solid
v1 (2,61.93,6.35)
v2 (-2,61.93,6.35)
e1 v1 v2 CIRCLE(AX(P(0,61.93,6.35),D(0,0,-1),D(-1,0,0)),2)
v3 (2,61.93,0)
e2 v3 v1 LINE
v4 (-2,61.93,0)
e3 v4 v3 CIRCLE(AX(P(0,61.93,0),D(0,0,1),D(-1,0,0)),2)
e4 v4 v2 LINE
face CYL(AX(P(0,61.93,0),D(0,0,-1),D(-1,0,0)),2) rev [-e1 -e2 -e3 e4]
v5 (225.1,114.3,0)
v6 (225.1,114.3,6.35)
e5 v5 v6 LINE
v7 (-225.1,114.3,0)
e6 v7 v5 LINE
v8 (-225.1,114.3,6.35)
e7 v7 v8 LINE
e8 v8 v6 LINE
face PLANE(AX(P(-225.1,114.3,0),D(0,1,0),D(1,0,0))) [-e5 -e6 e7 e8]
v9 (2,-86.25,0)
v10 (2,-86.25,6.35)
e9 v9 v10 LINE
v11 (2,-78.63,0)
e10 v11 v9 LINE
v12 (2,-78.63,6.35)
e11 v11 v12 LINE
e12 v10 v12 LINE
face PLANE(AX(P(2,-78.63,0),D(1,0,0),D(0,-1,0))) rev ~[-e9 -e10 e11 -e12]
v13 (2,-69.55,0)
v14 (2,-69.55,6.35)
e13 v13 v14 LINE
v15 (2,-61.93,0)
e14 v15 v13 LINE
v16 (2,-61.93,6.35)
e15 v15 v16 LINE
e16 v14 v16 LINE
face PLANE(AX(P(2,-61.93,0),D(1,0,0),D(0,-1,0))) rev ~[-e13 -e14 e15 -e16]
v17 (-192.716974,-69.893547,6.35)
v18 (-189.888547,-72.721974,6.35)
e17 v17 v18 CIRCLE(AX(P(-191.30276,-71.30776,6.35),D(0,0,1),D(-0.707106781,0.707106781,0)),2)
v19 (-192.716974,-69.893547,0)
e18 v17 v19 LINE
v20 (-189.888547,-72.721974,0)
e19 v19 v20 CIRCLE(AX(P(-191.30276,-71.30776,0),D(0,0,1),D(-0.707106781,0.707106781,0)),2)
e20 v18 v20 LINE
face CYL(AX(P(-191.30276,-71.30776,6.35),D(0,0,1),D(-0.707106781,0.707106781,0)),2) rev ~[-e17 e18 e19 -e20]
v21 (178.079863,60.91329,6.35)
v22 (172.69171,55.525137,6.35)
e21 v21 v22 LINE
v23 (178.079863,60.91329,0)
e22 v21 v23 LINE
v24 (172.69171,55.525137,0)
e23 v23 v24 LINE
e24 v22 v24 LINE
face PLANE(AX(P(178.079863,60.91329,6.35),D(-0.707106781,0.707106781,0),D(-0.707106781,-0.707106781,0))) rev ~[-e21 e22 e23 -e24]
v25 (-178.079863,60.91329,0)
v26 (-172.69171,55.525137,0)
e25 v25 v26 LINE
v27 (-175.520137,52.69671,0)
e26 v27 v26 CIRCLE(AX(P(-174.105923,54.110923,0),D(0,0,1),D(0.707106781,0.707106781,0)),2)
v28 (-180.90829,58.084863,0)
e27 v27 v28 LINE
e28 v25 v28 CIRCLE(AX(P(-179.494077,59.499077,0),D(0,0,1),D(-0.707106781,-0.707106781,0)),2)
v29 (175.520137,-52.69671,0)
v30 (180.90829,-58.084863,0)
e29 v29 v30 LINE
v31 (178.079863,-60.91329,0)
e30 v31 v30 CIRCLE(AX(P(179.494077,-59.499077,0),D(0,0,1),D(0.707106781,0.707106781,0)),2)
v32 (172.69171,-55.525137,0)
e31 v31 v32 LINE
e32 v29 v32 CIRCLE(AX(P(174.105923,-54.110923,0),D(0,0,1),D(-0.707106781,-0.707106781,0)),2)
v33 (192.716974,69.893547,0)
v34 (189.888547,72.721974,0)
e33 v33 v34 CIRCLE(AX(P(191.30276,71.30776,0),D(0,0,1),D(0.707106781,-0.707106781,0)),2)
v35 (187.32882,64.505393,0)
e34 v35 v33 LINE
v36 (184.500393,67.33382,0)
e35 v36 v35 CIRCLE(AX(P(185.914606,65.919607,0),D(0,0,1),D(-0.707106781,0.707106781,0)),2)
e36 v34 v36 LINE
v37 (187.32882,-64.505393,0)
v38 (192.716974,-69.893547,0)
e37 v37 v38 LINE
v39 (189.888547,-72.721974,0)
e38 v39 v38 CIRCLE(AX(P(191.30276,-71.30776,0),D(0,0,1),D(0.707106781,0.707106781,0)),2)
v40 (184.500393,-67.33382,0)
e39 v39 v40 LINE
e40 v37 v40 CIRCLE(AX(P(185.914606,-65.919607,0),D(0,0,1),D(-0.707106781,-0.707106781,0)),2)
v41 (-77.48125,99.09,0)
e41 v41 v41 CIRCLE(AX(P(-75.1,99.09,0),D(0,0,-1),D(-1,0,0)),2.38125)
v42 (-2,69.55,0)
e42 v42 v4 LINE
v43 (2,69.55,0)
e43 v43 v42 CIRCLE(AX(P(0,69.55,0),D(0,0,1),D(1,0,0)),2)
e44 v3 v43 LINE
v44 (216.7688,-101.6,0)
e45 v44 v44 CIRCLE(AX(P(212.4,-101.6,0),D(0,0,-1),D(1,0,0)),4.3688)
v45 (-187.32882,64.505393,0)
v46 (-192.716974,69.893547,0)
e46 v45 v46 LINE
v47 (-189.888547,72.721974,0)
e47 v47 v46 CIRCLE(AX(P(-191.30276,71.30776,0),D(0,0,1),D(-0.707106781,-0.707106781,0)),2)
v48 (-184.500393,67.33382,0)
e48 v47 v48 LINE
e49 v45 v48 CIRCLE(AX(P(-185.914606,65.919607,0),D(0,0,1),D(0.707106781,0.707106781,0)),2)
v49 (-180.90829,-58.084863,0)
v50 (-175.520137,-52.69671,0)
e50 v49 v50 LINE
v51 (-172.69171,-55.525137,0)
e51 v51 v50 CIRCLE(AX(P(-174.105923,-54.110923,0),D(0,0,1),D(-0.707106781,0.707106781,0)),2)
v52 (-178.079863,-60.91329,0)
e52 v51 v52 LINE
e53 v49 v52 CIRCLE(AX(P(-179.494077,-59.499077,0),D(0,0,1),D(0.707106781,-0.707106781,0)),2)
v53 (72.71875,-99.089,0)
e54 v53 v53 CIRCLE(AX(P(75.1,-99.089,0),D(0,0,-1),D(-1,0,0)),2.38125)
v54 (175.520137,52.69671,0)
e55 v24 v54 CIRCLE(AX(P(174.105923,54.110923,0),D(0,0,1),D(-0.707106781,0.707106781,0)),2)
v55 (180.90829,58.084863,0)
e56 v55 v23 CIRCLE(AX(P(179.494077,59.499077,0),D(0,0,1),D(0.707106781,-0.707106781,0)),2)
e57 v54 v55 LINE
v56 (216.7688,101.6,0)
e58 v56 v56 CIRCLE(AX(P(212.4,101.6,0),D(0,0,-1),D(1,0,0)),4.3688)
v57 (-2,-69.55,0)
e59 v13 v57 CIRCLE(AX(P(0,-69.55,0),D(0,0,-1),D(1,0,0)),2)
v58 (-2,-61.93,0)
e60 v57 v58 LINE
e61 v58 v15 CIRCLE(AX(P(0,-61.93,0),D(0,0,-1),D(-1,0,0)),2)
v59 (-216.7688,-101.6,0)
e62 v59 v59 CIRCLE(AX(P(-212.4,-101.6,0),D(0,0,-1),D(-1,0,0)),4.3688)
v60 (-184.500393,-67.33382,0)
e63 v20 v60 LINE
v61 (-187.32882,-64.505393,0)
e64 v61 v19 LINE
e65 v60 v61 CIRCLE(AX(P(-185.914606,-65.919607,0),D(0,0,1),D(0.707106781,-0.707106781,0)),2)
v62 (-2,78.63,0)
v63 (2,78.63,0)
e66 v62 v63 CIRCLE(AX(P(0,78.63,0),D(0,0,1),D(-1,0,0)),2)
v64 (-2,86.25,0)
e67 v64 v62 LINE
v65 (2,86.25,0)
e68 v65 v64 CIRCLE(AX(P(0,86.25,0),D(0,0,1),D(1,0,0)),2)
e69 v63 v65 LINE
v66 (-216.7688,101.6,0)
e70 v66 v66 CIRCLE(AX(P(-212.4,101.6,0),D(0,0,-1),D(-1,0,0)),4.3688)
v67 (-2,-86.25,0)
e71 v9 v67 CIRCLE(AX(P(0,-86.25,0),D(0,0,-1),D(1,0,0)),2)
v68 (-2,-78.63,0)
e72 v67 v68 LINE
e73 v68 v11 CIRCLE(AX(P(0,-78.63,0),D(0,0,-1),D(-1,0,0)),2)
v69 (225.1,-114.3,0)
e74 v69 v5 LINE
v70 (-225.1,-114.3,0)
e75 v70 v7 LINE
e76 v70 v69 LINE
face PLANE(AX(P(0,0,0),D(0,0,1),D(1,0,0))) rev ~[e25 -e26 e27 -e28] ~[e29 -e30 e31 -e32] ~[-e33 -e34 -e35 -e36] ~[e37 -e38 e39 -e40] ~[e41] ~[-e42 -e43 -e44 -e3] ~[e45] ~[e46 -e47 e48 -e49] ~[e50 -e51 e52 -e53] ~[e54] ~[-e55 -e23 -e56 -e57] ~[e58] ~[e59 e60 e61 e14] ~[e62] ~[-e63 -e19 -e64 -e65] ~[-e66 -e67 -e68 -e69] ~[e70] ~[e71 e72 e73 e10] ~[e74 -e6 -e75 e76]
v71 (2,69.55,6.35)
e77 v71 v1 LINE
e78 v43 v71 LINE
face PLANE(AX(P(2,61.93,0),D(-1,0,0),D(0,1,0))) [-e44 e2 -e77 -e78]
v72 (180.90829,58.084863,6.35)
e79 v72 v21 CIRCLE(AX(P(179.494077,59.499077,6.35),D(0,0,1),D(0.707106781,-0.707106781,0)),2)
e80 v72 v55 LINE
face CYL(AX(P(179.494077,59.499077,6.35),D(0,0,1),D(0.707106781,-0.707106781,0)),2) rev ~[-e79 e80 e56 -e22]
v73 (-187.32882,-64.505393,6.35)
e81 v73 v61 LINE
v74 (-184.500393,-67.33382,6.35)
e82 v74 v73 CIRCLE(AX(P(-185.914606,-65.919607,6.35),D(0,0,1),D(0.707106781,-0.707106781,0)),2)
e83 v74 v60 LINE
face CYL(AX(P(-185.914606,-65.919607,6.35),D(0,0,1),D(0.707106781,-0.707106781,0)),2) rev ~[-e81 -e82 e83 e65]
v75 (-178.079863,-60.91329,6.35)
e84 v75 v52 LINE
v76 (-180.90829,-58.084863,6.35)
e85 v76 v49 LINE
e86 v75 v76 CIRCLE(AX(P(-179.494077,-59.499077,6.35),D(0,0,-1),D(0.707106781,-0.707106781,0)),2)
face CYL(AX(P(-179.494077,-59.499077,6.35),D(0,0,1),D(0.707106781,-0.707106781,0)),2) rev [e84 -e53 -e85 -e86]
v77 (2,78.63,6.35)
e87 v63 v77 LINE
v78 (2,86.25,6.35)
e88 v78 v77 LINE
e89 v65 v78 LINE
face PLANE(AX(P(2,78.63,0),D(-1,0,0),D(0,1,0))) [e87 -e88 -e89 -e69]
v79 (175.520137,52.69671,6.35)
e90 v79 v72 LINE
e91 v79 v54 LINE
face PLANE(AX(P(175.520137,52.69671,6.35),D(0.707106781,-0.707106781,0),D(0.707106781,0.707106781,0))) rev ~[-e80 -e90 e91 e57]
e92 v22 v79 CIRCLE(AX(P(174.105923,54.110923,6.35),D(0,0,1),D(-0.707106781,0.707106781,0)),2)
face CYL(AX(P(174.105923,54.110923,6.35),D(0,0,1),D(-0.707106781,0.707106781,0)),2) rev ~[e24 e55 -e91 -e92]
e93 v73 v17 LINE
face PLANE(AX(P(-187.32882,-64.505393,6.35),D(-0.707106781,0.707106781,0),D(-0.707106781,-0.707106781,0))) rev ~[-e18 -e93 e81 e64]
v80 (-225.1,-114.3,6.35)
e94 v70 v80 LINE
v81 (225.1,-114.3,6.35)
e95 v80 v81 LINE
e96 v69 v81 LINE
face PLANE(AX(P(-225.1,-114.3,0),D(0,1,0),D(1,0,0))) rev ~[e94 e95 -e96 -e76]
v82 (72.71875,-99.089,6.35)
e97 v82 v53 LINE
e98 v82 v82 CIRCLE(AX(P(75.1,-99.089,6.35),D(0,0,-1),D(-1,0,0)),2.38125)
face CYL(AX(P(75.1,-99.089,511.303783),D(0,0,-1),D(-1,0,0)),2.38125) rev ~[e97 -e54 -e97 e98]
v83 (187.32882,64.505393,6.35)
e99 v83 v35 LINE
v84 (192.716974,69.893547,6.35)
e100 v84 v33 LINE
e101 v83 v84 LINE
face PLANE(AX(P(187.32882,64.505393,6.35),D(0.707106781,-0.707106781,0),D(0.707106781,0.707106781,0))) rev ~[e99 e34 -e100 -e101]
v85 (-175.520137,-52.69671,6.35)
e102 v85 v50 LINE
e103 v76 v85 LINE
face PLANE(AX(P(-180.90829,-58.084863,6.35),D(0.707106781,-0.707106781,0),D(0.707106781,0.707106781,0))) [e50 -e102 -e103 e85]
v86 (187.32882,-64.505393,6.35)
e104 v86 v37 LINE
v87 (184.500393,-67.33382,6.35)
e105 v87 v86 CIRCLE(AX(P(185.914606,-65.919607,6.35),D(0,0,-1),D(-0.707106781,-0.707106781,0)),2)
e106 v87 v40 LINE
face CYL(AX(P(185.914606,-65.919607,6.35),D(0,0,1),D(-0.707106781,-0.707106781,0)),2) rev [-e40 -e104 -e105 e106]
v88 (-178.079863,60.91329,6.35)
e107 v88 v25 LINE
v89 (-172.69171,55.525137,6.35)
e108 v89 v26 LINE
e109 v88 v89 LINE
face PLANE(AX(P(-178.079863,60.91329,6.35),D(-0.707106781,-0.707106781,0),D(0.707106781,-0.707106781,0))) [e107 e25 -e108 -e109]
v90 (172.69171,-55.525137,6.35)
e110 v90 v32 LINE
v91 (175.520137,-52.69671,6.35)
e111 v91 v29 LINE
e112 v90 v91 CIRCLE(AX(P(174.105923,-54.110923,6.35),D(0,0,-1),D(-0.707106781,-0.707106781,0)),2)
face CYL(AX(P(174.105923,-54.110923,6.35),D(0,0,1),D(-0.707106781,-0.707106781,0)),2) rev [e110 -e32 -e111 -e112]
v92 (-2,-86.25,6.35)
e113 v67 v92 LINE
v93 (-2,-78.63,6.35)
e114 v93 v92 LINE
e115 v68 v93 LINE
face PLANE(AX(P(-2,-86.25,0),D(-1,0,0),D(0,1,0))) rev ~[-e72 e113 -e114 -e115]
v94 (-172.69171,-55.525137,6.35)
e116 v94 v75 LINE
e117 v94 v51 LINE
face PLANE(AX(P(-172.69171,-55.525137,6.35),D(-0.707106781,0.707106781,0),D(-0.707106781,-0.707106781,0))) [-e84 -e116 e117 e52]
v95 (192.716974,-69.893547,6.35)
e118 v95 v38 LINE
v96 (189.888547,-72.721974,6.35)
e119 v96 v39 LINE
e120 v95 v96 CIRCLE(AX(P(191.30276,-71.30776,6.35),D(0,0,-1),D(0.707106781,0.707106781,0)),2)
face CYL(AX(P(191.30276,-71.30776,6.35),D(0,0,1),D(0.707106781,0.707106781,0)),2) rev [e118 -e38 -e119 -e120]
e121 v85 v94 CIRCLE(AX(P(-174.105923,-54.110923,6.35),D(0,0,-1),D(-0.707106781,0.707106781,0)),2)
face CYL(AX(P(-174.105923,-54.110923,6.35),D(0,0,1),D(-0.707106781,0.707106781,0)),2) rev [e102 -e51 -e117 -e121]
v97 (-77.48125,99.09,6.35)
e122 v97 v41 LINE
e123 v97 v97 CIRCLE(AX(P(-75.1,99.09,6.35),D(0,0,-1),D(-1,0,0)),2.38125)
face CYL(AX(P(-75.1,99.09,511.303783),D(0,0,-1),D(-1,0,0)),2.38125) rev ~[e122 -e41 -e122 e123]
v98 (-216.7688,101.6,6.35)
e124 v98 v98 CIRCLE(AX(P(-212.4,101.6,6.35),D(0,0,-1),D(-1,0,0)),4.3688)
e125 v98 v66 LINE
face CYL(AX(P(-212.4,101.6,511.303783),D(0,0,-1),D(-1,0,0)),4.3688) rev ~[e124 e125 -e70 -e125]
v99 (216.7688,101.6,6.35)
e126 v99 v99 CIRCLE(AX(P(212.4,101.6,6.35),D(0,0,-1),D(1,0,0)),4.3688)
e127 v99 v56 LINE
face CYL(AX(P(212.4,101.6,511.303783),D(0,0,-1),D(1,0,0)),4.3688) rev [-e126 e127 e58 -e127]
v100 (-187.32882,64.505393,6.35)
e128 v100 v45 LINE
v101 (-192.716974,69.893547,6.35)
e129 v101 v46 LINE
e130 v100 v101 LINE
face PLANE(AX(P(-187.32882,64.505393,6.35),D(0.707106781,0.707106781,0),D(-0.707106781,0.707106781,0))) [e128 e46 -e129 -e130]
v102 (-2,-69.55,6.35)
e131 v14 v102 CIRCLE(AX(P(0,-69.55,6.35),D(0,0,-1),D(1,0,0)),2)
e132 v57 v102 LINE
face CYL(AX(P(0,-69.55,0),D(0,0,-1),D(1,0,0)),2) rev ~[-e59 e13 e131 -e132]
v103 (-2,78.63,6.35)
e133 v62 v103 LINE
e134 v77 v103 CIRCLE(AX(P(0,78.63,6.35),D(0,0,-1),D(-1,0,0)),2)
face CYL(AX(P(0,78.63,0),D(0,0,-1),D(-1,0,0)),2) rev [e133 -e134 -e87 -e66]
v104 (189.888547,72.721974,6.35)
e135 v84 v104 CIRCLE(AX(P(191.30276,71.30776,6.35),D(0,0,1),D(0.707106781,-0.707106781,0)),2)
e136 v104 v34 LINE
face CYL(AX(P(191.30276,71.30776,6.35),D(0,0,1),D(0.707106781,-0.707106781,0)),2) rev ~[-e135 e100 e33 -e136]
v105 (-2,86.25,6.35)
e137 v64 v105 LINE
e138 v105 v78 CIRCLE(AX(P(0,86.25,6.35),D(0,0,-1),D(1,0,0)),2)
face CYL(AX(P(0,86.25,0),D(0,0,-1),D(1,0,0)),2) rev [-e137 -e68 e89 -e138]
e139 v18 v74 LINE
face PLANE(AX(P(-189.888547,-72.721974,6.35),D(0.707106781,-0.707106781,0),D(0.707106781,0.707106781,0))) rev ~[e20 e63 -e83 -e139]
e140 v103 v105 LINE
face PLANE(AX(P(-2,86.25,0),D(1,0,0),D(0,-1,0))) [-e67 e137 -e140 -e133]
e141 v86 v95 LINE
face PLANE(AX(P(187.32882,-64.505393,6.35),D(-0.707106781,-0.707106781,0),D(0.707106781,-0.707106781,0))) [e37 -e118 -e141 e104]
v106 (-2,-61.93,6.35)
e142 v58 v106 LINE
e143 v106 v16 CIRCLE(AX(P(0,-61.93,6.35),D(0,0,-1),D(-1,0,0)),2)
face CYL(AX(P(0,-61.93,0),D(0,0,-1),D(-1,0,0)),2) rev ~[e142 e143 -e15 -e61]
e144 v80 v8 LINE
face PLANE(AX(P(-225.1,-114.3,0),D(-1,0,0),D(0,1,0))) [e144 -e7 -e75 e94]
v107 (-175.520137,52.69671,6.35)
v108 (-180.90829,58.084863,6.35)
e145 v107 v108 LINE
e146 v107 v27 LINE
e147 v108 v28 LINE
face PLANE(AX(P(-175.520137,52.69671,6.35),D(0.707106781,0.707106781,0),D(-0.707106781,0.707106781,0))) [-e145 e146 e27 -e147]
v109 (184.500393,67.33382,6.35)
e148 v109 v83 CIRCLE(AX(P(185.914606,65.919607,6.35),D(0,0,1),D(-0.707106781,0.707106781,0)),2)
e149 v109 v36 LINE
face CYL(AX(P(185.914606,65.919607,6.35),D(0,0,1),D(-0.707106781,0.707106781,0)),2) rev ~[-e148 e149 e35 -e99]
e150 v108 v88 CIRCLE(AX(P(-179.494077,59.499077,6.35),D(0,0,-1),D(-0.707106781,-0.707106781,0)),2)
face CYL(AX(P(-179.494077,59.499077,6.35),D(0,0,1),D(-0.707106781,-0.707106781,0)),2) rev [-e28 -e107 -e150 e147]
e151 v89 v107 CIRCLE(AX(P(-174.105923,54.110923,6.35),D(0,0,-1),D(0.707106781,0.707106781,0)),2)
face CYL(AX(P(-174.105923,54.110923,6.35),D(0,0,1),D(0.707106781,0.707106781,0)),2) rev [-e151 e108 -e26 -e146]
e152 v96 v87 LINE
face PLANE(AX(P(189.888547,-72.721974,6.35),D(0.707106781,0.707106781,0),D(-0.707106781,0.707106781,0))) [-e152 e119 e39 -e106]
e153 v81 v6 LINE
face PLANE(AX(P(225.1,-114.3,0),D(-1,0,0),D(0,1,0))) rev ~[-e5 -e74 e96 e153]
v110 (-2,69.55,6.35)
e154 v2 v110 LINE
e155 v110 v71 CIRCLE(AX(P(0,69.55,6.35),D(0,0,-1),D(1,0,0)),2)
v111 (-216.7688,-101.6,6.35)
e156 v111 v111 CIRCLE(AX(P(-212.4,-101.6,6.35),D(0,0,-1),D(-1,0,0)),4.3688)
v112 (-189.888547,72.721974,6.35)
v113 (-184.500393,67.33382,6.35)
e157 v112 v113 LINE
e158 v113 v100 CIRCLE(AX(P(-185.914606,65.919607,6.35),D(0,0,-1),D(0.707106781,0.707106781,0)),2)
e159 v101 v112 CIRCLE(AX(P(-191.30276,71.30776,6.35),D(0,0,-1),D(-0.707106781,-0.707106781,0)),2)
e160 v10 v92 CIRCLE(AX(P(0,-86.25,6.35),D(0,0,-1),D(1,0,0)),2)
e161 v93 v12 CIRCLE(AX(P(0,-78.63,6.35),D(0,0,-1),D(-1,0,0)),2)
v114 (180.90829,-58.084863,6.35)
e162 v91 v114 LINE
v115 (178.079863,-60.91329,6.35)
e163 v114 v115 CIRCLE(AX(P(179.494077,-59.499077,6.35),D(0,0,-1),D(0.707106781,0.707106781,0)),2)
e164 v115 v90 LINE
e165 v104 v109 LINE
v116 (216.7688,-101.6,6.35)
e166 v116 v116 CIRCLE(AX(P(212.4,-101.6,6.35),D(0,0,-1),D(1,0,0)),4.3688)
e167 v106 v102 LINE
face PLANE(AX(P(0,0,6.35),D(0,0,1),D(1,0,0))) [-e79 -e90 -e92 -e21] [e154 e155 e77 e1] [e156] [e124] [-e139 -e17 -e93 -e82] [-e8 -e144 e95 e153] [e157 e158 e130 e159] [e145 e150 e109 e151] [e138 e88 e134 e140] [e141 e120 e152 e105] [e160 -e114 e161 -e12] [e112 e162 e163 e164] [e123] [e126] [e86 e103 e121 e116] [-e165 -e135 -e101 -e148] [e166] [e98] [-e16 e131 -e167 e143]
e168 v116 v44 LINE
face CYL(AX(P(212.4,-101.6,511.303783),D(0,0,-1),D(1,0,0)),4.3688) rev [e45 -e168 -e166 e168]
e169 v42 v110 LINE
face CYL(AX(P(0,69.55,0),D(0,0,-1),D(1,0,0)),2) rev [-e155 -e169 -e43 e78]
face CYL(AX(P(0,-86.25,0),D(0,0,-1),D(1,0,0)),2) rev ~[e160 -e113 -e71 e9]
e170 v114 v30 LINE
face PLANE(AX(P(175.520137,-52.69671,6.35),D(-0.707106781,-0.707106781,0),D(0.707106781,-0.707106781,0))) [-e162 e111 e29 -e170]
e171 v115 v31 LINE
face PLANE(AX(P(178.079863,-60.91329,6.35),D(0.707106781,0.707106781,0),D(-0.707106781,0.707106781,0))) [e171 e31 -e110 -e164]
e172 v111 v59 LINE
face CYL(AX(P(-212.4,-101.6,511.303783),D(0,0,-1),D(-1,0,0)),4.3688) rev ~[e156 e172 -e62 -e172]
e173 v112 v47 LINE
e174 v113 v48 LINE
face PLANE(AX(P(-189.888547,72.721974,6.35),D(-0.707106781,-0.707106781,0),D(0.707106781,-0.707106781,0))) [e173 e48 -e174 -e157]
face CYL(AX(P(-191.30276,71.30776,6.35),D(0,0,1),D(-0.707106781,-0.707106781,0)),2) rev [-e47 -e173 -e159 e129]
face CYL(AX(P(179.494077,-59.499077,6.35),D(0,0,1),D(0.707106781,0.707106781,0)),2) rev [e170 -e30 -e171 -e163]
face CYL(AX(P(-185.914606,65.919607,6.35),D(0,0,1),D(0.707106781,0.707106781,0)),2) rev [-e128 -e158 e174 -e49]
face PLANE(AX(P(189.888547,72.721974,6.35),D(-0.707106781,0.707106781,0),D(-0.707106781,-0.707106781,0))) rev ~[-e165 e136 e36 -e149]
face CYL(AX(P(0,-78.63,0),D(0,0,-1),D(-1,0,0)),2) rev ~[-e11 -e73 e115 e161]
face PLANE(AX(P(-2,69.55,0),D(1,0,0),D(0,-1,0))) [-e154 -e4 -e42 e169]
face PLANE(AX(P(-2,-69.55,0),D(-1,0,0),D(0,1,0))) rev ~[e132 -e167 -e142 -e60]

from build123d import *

# Parameters (mm, degrees)
SKETCH1_W           = 450.2
SKETCH1_H           = 228.6
BOSS_EXTRUDE1_DEPTH = 6.35
CORNER_SLOTS_DEPTH  = 10
FOOT_HOLES_1_4_20_D = 8.7376
ESD_FASTERNERS_D    = 4.7625
MIDDLE_SLOTS_DEPTH  = 10


with BuildPart() as part:
    # Sketch1 → Boss-Extrude1 (new body)
    with BuildSketch(Plane.XY):
        Rectangle(SKETCH1_W, SKETCH1_H)
    extrude(amount=BOSS_EXTRUDE1_DEPTH)

    # Sketch3 → Corner Slots (cut)
    with BuildSketch(Plane.XY.offset(6.35)):
        with BuildLine():
            ThreePointArc((-180.908290444, 58.084863229), (-180.908290444, 60.913290444), (-178.079863229, 60.913290444))
            Line((-178.079863229, 60.913290444), (-172.691709556, 55.525136771))
            ThreePointArc((-172.691709556, 55.525136771), (-172.691709556, 52.696709556), (-175.520136771, 52.696709556))
            Line((-175.520136771, 52.696709556), (-180.908290444, 58.084863229))
        make_face()
        with BuildLine():
            ThreePointArc((-184.500392892, 67.333820108), (-184.500392892, 64.505392892), (-187.328820108, 64.505392892))
            Line((-187.328820108, 64.505392892), (-192.71697378, 69.893546565))
            ThreePointArc((-192.71697378, 69.893546565), (-192.71697378, 72.72197378), (-189.888546565, 72.72197378))
            Line((-189.888546565, 72.72197378), (-184.500392892, 67.333820108))
        make_face()
        with BuildLine():
            Line((189.888546565, 72.72197378), (184.500392892, 67.333820108))
            ThreePointArc((184.500392892, 67.333820108), (184.500392892, 64.505392892), (187.328820108, 64.505392892))
            Line((187.328820108, 64.505392892), (192.71697378, 69.893546565))
            ThreePointArc((192.71697378, 69.893546565), (192.71697378, 72.72197378), (189.888546565, 72.72197378))
        make_face()
        with BuildLine():
            Line((175.520136771, 52.696709556), (180.908290444, 58.084863229))
            ThreePointArc((180.908290444, 58.084863229), (180.908290444, 60.913290444), (178.079863229, 60.913290444))
            Line((178.079863229, 60.913290444), (172.691709556, 55.525136771))
            ThreePointArc((172.691709556, 55.525136771), (172.691709556, 52.696709556), (175.520136771, 52.696709556))
        make_face()
        with BuildLine():
            ThreePointArc((184.500392892, -67.333820108), (184.500392892, -64.505392892), (187.328820108, -64.505392892))
            Line((187.328820108, -64.505392892), (192.71697378, -69.893546565))
            ThreePointArc((192.71697378, -69.893546565), (192.71697378, -72.72197378), (189.888546565, -72.72197378))
            Line((189.888546565, -72.72197378), (184.500392892, -67.333820108))
        make_face()
        with BuildLine():
            ThreePointArc((180.908290444, -58.084863229), (180.908290444, -60.913290444), (178.079863229, -60.913290444))
            Line((178.079863229, -60.913290444), (172.691709556, -55.525136771))
            ThreePointArc((172.691709556, -55.525136771), (172.691709556, -52.696709556), (175.520136771, -52.696709556))
            Line((175.520136771, -52.696709556), (180.908290444, -58.084863229))
        make_face()
        with BuildLine():
            Line((-172.691709556, -55.525136771), (-178.079863229, -60.913290444))
            ThreePointArc((-178.079863229, -60.913290444), (-180.908290444, -60.913290444), (-180.908290444, -58.084863229))
            Line((-180.908290444, -58.084863229), (-175.520136771, -52.696709556))
            ThreePointArc((-175.520136771, -52.696709556), (-172.691709556, -52.696709556), (-172.691709556, -55.525136771))
        make_face()
        with BuildLine():
            Line((-189.888546565, -72.72197378), (-184.500392892, -67.333820108))
            ThreePointArc((-184.500392892, -67.333820108), (-184.500392892, -64.505392892), (-187.328820108, -64.505392892))
            Line((-187.328820108, -64.505392892), (-192.71697378, -69.893546565))
            ThreePointArc((-192.71697378, -69.893546565), (-192.71697378, -72.72197378), (-189.888546565, -72.72197378))
        make_face()
    extrude(amount=-CORNER_SLOTS_DEPTH, mode=Mode.SUBTRACT)

    # Foot Holes 1/4-20 (through all)
    with Locations(Plane.XY.offset(6.35)):
        with Locations((-212.4, 101.6), (-212.4, -101.6)):
            foot_holes_1_4_20 = Hole(FOOT_HOLES_1_4_20_D / 2)

    # Mirror2: Foot Holes 1/4-20 across plane
    add(foot_holes_1_4_20.mirror(Plane(origin=(0, 0, 0), x_dir=(0, 0, 1), z_dir=(1, 0, 0))), mode=Mode.SUBTRACT)

    # ESD Fasterners (through all)
    with Locations(Plane.XY.offset(6.35)):
        with Locations((-75.1, 99.09), (75.1, -99.089)):
            Hole(ESD_FASTERNERS_D / 2)

    # Sketch16 → Middle Slots (cut)
    with BuildSketch(Plane.XY):
        with BuildLine():
            Line((2, -78.63), (2, -86.25))
            ThreePointArc((2, -86.25), (0, -88.25), (-2, -86.25))
            Line((-2, -86.25), (-2, -78.63))
            ThreePointArc((-2, -78.63), (0, -76.63), (2, -78.63))
        make_face()
        with BuildLine():
            Line((-2, -69.55), (-2, -61.93))
            ThreePointArc((-2, -61.93), (0, -59.93), (2, -61.93))
            Line((2, -61.93), (2, -69.55))
            ThreePointArc((2, -69.55), (0, -71.55), (-2, -69.55))
        make_face()
        with BuildLine():
            Line((2, 78.63), (2, 86.25))
            ThreePointArc((2, 86.25), (0, 88.25), (-2, 86.25))
            Line((-2, 86.25), (-2, 78.63))
            ThreePointArc((-2, 78.63), (0, 76.63), (2, 78.63))
        make_face()
        with BuildLine():
            Line((-2, 69.55), (-2, 61.93))
            ThreePointArc((-2, 61.93), (0, 59.93), (2, 61.93))
            Line((2, 61.93), (2, 69.55))
            ThreePointArc((2, 69.55), (0, 71.55), (-2, 69.55))
        make_face()
    extrude(amount=MIDDLE_SLOTS_DEPTH, mode=Mode.SUBTRACT)


solid = part.part
